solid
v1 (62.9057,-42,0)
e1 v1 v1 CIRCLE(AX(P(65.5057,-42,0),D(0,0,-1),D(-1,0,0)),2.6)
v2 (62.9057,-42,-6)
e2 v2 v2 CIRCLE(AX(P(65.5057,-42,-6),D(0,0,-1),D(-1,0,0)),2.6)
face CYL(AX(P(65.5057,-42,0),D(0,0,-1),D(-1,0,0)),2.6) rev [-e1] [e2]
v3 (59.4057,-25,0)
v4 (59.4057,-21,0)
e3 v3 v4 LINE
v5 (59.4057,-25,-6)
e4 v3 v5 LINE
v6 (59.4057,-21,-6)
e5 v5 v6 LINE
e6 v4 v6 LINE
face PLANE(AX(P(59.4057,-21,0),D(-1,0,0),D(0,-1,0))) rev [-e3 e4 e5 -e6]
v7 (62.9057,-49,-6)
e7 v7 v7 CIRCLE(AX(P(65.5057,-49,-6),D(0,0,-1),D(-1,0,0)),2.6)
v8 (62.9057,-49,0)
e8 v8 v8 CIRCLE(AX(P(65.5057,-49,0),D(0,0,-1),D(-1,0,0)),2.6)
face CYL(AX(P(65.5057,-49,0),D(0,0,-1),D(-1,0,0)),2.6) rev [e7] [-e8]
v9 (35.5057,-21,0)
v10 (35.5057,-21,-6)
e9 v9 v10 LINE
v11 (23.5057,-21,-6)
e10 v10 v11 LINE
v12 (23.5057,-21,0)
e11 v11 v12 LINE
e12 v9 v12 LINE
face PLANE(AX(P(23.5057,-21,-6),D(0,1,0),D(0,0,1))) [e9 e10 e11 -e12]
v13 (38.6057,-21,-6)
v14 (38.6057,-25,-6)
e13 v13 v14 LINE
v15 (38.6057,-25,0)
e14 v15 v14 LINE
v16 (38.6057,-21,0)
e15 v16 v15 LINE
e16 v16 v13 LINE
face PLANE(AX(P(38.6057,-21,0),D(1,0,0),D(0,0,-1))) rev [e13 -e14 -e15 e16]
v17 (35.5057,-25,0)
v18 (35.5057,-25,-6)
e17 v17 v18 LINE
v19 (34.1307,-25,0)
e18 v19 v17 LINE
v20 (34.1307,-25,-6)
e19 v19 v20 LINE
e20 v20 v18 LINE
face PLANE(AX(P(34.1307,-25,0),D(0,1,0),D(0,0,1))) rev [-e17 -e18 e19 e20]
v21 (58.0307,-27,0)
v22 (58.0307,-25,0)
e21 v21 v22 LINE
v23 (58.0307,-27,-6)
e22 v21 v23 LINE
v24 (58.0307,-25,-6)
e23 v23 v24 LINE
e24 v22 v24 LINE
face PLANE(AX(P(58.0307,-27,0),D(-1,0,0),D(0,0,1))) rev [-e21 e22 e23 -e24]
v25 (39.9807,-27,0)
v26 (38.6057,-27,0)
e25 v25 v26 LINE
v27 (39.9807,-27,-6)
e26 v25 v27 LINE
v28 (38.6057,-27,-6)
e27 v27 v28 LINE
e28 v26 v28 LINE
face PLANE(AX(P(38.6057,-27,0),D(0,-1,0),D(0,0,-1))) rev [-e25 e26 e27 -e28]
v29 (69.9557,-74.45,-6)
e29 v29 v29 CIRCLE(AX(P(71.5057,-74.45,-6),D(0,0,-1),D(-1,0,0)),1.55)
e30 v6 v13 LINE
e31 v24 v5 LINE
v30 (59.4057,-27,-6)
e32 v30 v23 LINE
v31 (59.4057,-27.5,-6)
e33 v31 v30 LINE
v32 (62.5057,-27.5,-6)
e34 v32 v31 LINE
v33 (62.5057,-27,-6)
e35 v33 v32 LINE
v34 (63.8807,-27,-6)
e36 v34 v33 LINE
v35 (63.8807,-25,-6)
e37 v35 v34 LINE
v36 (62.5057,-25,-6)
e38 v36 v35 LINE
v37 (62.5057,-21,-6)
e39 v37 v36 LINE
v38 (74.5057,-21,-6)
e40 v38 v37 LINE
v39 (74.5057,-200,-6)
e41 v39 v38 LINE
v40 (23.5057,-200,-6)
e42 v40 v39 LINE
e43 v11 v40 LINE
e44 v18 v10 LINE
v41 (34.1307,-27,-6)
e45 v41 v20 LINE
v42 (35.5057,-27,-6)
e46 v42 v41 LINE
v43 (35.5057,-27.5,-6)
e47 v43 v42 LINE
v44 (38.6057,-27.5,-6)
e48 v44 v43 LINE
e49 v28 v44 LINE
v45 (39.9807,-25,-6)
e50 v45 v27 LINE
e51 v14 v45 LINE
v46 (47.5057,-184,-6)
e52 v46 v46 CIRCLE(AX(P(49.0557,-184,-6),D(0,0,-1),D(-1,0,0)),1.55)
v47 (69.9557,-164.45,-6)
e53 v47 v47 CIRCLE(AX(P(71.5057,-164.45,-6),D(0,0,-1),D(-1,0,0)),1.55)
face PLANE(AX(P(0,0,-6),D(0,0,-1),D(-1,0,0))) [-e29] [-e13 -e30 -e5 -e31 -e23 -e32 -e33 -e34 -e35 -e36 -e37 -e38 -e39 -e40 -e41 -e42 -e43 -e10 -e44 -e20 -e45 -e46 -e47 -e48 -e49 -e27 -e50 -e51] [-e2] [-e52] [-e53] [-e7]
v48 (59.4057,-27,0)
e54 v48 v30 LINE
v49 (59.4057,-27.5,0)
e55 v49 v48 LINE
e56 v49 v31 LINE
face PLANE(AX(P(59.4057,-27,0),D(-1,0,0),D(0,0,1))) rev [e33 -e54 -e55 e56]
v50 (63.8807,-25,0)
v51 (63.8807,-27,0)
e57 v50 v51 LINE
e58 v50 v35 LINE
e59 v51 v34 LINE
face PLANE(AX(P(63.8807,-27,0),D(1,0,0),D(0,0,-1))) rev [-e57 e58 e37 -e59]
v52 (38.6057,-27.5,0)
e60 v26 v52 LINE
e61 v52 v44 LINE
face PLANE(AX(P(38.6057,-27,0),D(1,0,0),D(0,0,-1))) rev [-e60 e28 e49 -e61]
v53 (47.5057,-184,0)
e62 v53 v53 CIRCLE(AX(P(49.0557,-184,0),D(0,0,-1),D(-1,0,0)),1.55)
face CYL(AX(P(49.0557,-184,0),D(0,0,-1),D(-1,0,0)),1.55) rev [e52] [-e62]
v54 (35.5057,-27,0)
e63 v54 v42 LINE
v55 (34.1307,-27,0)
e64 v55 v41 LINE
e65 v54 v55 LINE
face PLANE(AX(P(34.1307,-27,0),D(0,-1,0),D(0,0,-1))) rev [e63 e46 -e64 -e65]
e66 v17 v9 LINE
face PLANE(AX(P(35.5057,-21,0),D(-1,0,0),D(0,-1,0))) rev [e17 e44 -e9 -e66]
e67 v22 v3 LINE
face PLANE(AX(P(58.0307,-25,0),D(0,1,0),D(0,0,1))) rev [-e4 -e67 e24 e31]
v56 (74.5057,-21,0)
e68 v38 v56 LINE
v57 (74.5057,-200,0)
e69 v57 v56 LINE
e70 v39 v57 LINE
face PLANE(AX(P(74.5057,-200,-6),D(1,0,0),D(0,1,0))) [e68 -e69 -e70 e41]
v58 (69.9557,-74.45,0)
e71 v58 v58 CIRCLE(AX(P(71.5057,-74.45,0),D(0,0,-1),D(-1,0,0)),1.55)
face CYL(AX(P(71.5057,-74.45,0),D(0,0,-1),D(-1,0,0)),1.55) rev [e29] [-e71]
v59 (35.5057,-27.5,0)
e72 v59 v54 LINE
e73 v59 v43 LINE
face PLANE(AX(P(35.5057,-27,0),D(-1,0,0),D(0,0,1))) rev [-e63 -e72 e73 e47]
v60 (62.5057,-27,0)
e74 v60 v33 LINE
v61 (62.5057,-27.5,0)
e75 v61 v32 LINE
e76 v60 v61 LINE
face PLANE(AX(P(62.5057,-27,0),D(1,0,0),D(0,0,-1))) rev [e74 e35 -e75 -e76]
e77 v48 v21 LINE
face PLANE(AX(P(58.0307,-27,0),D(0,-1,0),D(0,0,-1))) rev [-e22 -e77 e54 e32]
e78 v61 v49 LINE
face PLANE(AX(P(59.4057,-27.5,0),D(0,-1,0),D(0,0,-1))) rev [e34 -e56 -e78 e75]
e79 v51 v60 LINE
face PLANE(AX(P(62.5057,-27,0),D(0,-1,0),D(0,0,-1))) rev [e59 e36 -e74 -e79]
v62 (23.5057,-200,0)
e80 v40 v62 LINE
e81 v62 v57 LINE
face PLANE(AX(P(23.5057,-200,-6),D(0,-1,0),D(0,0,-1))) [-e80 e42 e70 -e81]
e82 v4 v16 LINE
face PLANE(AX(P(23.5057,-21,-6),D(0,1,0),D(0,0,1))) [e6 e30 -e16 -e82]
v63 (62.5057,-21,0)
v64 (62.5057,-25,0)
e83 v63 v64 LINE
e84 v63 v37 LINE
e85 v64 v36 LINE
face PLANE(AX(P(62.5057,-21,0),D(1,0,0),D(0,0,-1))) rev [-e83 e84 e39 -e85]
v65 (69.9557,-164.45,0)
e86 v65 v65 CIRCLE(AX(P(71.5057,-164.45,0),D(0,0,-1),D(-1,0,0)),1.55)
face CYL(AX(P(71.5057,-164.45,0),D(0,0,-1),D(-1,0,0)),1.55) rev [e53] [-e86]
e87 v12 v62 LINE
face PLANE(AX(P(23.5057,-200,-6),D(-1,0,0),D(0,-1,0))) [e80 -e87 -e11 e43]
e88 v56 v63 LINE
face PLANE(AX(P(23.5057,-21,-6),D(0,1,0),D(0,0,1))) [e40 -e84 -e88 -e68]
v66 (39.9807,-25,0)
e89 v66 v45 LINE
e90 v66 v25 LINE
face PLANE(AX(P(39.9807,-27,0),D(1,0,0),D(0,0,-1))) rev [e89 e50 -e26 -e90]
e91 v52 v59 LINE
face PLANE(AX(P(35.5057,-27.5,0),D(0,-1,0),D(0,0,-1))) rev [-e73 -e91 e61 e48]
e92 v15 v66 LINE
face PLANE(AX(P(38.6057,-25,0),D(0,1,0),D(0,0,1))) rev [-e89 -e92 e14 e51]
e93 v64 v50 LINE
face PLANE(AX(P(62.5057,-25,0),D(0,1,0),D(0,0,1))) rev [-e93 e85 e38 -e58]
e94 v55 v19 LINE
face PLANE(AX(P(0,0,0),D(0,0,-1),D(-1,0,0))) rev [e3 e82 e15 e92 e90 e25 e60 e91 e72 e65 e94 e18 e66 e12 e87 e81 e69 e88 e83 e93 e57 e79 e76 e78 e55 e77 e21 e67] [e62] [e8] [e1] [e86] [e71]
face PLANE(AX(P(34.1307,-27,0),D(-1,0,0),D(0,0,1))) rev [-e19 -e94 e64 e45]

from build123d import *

# Parameters (mm, degrees)
SZKIC1_W                    = 51
SZKIC1_H                    = 179
DODANIE_WYCI_GNI_CIE1_DEPTH = 6
SZKIC3_R                    = 1.55
WYTNIJ_WYCI_GNI_CIE1_DEPTH  = 214.511356279
WYTNIJ_WYCI_GNI_CIE2_DEPTH  = 214.511356279
SZYK_LINIOWY1_COUNT         = 2
SZYK_LINIOWY1_PITCH         = 23.9
SZKIC5_R                    = 2.6
WYTNIJ_WYCI_GNI_CIE3_DEPTH  = 214.511356279
SZKIC7_R                    = 1.55
WYTNIJ_WYCI_GNI_CIE4_DEPTH  = 6


with BuildPart() as part:
    # Szkic1 → Dodanie-wyciągnięcie1 (new body)
    with BuildSketch(Plane.XY):
        with Locations((49.005699514, -110.5)):
            Rectangle(SZKIC1_W, SZKIC1_H)
    extrude(amount=-DODANIE_WYCI_GNI_CIE1_DEPTH)

    # Szkic3 → Wytnij-wyciągnięcie1 (cut, through all)
    with BuildSketch(Plane(origin=(0, 0, -6), x_dir=(-1, 0, 0), z_dir=(0, 0, -1))):
        with Locations((-71.505699514, -164.45)):
            Circle(SZKIC3_R)
        with Locations((-71.505699514, -74.45)):
            Circle(SZKIC3_R)
    extrude(amount=-WYTNIJ_WYCI_GNI_CIE1_DEPTH, mode=Mode.SUBTRACT)

    # Szkic4 → Wytnij-wyciągnięcie2 (cut, through all)
    with BuildSketch(Plane(origin=(0, 0, -6), x_dir=(-1, 0, 0), z_dir=(0, 0, -1))):
        Polygon((-59.405699514, -21), (-62.505699514, -21), (-62.505699514, -25), (-63.880699514, -25), (-63.880699514, -27), (-62.505699514, -27), (-62.505699514, -27.5), (-59.405699514, -27.5), (-59.405699514, -27), (-58.030699514, -27), (-58.030699514, -25), (-59.405699514, -25), align=None)
    wytnij_wyci_gni_cie2 = extrude(amount=-WYTNIJ_WYCI_GNI_CIE2_DEPTH, mode=Mode.SUBTRACT)

    # Szyk liniowy1: Wytnij-wyciągnięcie2 ×2
    with Locations(*[(-i * SZYK_LINIOWY1_PITCH, 0, 0) for i in range(1, SZYK_LINIOWY1_COUNT)]):
        add(wytnij_wyci_gni_cie2, mode=Mode.SUBTRACT)

    # Szkic5 → Wytnij-wyciągnięcie3 (cut, through all)
    with BuildSketch(Plane(origin=(0, 0, -6), x_dir=(-1, 0, 0), z_dir=(0, 0, -1))):
        with Locations((-65.505699514, -42)):
            Circle(SZKIC5_R)
        with Locations((-65.505699514, -49)):
            Circle(SZKIC5_R)
    extrude(amount=-WYTNIJ_WYCI_GNI_CIE3_DEPTH, mode=Mode.SUBTRACT)

    # Szkic7 → Wytnij-wyciągnięcie4 (cut)
    with BuildSketch(Plane(origin=(0, 0, -6), x_dir=(-1, 0, 0), z_dir=(0, 0, -1))):
        with Locations((-49.055699514, -184)):
            Circle(SZKIC7_R)
    extrude(amount=-WYTNIJ_WYCI_GNI_CIE4_DEPTH, mode=Mode.SUBTRACT)


solid = part.part
